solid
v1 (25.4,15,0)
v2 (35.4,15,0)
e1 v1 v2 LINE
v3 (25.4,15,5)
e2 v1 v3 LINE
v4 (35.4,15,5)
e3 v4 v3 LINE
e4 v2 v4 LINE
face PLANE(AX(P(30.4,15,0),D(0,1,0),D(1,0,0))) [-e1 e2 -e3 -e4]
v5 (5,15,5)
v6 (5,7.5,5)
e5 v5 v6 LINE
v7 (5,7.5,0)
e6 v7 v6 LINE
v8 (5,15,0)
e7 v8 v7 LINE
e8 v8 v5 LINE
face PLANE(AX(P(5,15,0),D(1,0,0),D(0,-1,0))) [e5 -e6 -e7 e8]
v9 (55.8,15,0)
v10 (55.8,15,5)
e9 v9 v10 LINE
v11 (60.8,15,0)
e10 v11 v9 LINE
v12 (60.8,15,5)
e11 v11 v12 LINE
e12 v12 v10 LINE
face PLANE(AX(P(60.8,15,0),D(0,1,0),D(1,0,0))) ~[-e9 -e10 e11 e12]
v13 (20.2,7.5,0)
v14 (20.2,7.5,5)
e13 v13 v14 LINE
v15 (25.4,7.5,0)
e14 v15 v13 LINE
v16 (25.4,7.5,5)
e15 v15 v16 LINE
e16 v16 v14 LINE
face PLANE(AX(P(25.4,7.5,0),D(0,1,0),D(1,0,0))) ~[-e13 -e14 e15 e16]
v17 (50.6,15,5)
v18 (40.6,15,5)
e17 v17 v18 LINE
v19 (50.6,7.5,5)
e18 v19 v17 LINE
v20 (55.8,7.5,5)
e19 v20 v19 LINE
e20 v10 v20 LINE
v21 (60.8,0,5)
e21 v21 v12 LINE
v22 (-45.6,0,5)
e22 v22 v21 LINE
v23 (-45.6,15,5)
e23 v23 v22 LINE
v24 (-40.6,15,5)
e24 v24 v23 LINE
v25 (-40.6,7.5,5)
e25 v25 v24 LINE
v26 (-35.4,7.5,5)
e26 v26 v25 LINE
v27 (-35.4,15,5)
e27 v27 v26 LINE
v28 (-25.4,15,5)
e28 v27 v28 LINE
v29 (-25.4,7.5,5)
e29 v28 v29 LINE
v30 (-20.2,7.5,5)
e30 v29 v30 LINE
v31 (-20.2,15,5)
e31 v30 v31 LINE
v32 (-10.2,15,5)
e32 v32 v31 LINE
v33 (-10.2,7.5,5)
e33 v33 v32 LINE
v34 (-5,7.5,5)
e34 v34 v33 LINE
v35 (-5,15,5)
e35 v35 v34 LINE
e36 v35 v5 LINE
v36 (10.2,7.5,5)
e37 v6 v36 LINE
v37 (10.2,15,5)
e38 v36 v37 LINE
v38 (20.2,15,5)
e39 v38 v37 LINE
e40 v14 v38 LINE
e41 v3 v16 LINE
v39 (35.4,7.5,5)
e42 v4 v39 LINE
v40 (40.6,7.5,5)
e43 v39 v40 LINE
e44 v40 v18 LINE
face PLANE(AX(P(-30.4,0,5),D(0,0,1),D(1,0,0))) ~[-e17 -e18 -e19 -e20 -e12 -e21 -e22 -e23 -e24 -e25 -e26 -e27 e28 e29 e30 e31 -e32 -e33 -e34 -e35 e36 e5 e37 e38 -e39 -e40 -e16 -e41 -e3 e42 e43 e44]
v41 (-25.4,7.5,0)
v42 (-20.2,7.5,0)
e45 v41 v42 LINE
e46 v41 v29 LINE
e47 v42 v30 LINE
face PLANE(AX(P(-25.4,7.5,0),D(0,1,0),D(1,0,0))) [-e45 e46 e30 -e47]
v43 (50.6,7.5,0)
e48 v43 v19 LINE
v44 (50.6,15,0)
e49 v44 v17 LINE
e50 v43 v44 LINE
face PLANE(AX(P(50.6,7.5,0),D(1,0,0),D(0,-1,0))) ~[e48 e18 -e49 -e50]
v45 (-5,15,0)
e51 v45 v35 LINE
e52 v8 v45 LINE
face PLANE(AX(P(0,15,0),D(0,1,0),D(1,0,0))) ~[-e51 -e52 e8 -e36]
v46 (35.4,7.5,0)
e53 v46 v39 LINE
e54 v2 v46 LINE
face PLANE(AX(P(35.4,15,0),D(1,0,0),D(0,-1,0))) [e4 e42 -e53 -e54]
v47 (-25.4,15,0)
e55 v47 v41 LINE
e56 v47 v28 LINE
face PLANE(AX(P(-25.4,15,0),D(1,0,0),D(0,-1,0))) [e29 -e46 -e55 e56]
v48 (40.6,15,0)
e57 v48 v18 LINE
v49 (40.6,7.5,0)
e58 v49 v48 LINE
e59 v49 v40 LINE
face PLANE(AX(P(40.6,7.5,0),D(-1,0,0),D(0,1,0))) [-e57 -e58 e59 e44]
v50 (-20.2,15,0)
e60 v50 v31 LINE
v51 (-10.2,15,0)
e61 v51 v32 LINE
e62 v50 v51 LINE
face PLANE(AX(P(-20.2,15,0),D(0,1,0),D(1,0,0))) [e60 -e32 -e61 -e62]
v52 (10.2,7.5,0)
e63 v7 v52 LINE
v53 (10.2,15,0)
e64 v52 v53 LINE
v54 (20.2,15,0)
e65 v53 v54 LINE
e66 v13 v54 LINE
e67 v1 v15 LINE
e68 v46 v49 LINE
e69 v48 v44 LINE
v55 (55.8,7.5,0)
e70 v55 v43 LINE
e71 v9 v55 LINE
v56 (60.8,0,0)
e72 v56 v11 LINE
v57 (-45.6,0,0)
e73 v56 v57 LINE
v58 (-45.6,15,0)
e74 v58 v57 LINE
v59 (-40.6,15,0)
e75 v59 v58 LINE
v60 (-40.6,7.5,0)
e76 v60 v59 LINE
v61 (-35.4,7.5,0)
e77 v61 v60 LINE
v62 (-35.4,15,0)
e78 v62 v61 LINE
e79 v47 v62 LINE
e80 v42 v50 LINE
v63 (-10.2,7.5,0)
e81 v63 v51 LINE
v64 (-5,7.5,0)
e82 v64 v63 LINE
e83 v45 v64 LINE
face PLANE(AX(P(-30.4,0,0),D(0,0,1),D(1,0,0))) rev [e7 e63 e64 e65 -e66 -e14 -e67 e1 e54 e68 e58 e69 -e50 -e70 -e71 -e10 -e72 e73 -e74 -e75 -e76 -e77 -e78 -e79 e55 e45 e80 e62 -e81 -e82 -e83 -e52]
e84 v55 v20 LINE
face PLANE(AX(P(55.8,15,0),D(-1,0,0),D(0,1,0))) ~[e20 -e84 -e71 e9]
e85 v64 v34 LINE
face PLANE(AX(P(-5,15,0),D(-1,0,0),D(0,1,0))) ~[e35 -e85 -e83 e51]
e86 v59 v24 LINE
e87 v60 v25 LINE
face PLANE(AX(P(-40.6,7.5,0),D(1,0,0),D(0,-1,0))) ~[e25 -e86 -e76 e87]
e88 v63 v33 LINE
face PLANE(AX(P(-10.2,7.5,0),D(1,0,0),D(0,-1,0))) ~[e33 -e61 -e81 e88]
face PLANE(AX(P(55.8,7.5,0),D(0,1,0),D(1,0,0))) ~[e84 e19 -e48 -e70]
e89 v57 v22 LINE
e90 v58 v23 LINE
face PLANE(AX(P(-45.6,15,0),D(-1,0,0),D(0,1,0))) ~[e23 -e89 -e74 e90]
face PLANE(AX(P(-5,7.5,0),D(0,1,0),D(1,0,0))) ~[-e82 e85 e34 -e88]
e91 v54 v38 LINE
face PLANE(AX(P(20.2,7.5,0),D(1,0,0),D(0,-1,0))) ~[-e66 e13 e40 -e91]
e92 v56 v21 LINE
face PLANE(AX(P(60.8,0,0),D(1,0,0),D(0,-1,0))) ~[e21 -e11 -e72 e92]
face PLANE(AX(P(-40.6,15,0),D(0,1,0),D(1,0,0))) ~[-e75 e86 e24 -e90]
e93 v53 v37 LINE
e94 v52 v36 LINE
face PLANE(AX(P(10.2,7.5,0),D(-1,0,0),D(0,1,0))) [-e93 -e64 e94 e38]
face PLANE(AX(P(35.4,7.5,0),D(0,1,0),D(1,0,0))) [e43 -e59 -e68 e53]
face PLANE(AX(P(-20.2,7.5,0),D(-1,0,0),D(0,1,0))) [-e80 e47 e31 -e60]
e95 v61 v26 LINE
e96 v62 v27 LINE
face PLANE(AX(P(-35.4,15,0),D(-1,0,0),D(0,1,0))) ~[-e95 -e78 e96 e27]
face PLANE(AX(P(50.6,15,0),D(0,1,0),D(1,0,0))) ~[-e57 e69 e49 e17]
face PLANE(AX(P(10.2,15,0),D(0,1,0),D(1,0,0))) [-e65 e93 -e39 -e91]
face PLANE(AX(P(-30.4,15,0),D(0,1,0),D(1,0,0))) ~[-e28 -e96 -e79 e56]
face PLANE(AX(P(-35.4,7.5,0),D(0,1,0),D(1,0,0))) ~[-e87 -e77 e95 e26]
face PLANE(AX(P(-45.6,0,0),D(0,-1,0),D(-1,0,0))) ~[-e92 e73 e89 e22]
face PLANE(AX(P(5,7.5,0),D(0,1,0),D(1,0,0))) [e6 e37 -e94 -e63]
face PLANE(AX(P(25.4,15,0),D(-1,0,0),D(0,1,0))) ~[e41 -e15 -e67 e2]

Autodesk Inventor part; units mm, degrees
ref_plane "YZ Plane" through (0, 0, 0) normal (1, 0, 0) x (0, 1, 0)
ref_plane "XZ Plane" through (0, 0, 0) normal (0, 1, 0) x (-1, 0, 0)
ref_plane "XY Plane" through (0, 0, 0) normal (0, 0, 1) x (1, 0, 0)
sketch "Sketch1" plane through (0, 0, 0) normal (0, 0, 1) x (1, 0, 0)
  line L0 (0, 0) -> (0, 15)
  line L1 (0, 15) -> (5, 15)
  line L2 (5, 15) -> (5, 7.5)
  line L3 (5, 7.5) -> (10.2, 7.5)
  line L4 (10.2, 7.5) -> (10.2, 15)
  line L5 (10.2, 15) -> (15.2, 15)
  line L6 (15.2, 15) -> (15.2, 0)
  line L7 (15.2, 0) -> (0, 0)
  dimension "d0" = 15
  dimension "d1" = 5.2
  dimension "d2" = 5
  dimension "d3" = 5
  dimension "d4" = 7.5
extrude "Extrusion1" add sketch "Sketch1" along normal blind 5
mirror "Mirror1" about plane through (15.2, 0, 0) normal (1, 0, 0) of "Extrusion1"
mirror "Mirror2" about plane through (30.4, 15, 0) normal (1, 0, 0) of "Extrusion1", "Mirror1"
mirror "Mirror4" about plane through (0, 15, 0) normal (-1, 0, 0) of "Extrusion1"
mirror "Mirror5" about plane through (-15.2, 0, 0) normal (-1, 0, 0) of "Extrusion1", "Mirror4"
ref_plane "Work Plane3" through (45.6, 7.5, 0) normal (1, 0, 0) x (0, 0, -1)
properties part number "brace"
